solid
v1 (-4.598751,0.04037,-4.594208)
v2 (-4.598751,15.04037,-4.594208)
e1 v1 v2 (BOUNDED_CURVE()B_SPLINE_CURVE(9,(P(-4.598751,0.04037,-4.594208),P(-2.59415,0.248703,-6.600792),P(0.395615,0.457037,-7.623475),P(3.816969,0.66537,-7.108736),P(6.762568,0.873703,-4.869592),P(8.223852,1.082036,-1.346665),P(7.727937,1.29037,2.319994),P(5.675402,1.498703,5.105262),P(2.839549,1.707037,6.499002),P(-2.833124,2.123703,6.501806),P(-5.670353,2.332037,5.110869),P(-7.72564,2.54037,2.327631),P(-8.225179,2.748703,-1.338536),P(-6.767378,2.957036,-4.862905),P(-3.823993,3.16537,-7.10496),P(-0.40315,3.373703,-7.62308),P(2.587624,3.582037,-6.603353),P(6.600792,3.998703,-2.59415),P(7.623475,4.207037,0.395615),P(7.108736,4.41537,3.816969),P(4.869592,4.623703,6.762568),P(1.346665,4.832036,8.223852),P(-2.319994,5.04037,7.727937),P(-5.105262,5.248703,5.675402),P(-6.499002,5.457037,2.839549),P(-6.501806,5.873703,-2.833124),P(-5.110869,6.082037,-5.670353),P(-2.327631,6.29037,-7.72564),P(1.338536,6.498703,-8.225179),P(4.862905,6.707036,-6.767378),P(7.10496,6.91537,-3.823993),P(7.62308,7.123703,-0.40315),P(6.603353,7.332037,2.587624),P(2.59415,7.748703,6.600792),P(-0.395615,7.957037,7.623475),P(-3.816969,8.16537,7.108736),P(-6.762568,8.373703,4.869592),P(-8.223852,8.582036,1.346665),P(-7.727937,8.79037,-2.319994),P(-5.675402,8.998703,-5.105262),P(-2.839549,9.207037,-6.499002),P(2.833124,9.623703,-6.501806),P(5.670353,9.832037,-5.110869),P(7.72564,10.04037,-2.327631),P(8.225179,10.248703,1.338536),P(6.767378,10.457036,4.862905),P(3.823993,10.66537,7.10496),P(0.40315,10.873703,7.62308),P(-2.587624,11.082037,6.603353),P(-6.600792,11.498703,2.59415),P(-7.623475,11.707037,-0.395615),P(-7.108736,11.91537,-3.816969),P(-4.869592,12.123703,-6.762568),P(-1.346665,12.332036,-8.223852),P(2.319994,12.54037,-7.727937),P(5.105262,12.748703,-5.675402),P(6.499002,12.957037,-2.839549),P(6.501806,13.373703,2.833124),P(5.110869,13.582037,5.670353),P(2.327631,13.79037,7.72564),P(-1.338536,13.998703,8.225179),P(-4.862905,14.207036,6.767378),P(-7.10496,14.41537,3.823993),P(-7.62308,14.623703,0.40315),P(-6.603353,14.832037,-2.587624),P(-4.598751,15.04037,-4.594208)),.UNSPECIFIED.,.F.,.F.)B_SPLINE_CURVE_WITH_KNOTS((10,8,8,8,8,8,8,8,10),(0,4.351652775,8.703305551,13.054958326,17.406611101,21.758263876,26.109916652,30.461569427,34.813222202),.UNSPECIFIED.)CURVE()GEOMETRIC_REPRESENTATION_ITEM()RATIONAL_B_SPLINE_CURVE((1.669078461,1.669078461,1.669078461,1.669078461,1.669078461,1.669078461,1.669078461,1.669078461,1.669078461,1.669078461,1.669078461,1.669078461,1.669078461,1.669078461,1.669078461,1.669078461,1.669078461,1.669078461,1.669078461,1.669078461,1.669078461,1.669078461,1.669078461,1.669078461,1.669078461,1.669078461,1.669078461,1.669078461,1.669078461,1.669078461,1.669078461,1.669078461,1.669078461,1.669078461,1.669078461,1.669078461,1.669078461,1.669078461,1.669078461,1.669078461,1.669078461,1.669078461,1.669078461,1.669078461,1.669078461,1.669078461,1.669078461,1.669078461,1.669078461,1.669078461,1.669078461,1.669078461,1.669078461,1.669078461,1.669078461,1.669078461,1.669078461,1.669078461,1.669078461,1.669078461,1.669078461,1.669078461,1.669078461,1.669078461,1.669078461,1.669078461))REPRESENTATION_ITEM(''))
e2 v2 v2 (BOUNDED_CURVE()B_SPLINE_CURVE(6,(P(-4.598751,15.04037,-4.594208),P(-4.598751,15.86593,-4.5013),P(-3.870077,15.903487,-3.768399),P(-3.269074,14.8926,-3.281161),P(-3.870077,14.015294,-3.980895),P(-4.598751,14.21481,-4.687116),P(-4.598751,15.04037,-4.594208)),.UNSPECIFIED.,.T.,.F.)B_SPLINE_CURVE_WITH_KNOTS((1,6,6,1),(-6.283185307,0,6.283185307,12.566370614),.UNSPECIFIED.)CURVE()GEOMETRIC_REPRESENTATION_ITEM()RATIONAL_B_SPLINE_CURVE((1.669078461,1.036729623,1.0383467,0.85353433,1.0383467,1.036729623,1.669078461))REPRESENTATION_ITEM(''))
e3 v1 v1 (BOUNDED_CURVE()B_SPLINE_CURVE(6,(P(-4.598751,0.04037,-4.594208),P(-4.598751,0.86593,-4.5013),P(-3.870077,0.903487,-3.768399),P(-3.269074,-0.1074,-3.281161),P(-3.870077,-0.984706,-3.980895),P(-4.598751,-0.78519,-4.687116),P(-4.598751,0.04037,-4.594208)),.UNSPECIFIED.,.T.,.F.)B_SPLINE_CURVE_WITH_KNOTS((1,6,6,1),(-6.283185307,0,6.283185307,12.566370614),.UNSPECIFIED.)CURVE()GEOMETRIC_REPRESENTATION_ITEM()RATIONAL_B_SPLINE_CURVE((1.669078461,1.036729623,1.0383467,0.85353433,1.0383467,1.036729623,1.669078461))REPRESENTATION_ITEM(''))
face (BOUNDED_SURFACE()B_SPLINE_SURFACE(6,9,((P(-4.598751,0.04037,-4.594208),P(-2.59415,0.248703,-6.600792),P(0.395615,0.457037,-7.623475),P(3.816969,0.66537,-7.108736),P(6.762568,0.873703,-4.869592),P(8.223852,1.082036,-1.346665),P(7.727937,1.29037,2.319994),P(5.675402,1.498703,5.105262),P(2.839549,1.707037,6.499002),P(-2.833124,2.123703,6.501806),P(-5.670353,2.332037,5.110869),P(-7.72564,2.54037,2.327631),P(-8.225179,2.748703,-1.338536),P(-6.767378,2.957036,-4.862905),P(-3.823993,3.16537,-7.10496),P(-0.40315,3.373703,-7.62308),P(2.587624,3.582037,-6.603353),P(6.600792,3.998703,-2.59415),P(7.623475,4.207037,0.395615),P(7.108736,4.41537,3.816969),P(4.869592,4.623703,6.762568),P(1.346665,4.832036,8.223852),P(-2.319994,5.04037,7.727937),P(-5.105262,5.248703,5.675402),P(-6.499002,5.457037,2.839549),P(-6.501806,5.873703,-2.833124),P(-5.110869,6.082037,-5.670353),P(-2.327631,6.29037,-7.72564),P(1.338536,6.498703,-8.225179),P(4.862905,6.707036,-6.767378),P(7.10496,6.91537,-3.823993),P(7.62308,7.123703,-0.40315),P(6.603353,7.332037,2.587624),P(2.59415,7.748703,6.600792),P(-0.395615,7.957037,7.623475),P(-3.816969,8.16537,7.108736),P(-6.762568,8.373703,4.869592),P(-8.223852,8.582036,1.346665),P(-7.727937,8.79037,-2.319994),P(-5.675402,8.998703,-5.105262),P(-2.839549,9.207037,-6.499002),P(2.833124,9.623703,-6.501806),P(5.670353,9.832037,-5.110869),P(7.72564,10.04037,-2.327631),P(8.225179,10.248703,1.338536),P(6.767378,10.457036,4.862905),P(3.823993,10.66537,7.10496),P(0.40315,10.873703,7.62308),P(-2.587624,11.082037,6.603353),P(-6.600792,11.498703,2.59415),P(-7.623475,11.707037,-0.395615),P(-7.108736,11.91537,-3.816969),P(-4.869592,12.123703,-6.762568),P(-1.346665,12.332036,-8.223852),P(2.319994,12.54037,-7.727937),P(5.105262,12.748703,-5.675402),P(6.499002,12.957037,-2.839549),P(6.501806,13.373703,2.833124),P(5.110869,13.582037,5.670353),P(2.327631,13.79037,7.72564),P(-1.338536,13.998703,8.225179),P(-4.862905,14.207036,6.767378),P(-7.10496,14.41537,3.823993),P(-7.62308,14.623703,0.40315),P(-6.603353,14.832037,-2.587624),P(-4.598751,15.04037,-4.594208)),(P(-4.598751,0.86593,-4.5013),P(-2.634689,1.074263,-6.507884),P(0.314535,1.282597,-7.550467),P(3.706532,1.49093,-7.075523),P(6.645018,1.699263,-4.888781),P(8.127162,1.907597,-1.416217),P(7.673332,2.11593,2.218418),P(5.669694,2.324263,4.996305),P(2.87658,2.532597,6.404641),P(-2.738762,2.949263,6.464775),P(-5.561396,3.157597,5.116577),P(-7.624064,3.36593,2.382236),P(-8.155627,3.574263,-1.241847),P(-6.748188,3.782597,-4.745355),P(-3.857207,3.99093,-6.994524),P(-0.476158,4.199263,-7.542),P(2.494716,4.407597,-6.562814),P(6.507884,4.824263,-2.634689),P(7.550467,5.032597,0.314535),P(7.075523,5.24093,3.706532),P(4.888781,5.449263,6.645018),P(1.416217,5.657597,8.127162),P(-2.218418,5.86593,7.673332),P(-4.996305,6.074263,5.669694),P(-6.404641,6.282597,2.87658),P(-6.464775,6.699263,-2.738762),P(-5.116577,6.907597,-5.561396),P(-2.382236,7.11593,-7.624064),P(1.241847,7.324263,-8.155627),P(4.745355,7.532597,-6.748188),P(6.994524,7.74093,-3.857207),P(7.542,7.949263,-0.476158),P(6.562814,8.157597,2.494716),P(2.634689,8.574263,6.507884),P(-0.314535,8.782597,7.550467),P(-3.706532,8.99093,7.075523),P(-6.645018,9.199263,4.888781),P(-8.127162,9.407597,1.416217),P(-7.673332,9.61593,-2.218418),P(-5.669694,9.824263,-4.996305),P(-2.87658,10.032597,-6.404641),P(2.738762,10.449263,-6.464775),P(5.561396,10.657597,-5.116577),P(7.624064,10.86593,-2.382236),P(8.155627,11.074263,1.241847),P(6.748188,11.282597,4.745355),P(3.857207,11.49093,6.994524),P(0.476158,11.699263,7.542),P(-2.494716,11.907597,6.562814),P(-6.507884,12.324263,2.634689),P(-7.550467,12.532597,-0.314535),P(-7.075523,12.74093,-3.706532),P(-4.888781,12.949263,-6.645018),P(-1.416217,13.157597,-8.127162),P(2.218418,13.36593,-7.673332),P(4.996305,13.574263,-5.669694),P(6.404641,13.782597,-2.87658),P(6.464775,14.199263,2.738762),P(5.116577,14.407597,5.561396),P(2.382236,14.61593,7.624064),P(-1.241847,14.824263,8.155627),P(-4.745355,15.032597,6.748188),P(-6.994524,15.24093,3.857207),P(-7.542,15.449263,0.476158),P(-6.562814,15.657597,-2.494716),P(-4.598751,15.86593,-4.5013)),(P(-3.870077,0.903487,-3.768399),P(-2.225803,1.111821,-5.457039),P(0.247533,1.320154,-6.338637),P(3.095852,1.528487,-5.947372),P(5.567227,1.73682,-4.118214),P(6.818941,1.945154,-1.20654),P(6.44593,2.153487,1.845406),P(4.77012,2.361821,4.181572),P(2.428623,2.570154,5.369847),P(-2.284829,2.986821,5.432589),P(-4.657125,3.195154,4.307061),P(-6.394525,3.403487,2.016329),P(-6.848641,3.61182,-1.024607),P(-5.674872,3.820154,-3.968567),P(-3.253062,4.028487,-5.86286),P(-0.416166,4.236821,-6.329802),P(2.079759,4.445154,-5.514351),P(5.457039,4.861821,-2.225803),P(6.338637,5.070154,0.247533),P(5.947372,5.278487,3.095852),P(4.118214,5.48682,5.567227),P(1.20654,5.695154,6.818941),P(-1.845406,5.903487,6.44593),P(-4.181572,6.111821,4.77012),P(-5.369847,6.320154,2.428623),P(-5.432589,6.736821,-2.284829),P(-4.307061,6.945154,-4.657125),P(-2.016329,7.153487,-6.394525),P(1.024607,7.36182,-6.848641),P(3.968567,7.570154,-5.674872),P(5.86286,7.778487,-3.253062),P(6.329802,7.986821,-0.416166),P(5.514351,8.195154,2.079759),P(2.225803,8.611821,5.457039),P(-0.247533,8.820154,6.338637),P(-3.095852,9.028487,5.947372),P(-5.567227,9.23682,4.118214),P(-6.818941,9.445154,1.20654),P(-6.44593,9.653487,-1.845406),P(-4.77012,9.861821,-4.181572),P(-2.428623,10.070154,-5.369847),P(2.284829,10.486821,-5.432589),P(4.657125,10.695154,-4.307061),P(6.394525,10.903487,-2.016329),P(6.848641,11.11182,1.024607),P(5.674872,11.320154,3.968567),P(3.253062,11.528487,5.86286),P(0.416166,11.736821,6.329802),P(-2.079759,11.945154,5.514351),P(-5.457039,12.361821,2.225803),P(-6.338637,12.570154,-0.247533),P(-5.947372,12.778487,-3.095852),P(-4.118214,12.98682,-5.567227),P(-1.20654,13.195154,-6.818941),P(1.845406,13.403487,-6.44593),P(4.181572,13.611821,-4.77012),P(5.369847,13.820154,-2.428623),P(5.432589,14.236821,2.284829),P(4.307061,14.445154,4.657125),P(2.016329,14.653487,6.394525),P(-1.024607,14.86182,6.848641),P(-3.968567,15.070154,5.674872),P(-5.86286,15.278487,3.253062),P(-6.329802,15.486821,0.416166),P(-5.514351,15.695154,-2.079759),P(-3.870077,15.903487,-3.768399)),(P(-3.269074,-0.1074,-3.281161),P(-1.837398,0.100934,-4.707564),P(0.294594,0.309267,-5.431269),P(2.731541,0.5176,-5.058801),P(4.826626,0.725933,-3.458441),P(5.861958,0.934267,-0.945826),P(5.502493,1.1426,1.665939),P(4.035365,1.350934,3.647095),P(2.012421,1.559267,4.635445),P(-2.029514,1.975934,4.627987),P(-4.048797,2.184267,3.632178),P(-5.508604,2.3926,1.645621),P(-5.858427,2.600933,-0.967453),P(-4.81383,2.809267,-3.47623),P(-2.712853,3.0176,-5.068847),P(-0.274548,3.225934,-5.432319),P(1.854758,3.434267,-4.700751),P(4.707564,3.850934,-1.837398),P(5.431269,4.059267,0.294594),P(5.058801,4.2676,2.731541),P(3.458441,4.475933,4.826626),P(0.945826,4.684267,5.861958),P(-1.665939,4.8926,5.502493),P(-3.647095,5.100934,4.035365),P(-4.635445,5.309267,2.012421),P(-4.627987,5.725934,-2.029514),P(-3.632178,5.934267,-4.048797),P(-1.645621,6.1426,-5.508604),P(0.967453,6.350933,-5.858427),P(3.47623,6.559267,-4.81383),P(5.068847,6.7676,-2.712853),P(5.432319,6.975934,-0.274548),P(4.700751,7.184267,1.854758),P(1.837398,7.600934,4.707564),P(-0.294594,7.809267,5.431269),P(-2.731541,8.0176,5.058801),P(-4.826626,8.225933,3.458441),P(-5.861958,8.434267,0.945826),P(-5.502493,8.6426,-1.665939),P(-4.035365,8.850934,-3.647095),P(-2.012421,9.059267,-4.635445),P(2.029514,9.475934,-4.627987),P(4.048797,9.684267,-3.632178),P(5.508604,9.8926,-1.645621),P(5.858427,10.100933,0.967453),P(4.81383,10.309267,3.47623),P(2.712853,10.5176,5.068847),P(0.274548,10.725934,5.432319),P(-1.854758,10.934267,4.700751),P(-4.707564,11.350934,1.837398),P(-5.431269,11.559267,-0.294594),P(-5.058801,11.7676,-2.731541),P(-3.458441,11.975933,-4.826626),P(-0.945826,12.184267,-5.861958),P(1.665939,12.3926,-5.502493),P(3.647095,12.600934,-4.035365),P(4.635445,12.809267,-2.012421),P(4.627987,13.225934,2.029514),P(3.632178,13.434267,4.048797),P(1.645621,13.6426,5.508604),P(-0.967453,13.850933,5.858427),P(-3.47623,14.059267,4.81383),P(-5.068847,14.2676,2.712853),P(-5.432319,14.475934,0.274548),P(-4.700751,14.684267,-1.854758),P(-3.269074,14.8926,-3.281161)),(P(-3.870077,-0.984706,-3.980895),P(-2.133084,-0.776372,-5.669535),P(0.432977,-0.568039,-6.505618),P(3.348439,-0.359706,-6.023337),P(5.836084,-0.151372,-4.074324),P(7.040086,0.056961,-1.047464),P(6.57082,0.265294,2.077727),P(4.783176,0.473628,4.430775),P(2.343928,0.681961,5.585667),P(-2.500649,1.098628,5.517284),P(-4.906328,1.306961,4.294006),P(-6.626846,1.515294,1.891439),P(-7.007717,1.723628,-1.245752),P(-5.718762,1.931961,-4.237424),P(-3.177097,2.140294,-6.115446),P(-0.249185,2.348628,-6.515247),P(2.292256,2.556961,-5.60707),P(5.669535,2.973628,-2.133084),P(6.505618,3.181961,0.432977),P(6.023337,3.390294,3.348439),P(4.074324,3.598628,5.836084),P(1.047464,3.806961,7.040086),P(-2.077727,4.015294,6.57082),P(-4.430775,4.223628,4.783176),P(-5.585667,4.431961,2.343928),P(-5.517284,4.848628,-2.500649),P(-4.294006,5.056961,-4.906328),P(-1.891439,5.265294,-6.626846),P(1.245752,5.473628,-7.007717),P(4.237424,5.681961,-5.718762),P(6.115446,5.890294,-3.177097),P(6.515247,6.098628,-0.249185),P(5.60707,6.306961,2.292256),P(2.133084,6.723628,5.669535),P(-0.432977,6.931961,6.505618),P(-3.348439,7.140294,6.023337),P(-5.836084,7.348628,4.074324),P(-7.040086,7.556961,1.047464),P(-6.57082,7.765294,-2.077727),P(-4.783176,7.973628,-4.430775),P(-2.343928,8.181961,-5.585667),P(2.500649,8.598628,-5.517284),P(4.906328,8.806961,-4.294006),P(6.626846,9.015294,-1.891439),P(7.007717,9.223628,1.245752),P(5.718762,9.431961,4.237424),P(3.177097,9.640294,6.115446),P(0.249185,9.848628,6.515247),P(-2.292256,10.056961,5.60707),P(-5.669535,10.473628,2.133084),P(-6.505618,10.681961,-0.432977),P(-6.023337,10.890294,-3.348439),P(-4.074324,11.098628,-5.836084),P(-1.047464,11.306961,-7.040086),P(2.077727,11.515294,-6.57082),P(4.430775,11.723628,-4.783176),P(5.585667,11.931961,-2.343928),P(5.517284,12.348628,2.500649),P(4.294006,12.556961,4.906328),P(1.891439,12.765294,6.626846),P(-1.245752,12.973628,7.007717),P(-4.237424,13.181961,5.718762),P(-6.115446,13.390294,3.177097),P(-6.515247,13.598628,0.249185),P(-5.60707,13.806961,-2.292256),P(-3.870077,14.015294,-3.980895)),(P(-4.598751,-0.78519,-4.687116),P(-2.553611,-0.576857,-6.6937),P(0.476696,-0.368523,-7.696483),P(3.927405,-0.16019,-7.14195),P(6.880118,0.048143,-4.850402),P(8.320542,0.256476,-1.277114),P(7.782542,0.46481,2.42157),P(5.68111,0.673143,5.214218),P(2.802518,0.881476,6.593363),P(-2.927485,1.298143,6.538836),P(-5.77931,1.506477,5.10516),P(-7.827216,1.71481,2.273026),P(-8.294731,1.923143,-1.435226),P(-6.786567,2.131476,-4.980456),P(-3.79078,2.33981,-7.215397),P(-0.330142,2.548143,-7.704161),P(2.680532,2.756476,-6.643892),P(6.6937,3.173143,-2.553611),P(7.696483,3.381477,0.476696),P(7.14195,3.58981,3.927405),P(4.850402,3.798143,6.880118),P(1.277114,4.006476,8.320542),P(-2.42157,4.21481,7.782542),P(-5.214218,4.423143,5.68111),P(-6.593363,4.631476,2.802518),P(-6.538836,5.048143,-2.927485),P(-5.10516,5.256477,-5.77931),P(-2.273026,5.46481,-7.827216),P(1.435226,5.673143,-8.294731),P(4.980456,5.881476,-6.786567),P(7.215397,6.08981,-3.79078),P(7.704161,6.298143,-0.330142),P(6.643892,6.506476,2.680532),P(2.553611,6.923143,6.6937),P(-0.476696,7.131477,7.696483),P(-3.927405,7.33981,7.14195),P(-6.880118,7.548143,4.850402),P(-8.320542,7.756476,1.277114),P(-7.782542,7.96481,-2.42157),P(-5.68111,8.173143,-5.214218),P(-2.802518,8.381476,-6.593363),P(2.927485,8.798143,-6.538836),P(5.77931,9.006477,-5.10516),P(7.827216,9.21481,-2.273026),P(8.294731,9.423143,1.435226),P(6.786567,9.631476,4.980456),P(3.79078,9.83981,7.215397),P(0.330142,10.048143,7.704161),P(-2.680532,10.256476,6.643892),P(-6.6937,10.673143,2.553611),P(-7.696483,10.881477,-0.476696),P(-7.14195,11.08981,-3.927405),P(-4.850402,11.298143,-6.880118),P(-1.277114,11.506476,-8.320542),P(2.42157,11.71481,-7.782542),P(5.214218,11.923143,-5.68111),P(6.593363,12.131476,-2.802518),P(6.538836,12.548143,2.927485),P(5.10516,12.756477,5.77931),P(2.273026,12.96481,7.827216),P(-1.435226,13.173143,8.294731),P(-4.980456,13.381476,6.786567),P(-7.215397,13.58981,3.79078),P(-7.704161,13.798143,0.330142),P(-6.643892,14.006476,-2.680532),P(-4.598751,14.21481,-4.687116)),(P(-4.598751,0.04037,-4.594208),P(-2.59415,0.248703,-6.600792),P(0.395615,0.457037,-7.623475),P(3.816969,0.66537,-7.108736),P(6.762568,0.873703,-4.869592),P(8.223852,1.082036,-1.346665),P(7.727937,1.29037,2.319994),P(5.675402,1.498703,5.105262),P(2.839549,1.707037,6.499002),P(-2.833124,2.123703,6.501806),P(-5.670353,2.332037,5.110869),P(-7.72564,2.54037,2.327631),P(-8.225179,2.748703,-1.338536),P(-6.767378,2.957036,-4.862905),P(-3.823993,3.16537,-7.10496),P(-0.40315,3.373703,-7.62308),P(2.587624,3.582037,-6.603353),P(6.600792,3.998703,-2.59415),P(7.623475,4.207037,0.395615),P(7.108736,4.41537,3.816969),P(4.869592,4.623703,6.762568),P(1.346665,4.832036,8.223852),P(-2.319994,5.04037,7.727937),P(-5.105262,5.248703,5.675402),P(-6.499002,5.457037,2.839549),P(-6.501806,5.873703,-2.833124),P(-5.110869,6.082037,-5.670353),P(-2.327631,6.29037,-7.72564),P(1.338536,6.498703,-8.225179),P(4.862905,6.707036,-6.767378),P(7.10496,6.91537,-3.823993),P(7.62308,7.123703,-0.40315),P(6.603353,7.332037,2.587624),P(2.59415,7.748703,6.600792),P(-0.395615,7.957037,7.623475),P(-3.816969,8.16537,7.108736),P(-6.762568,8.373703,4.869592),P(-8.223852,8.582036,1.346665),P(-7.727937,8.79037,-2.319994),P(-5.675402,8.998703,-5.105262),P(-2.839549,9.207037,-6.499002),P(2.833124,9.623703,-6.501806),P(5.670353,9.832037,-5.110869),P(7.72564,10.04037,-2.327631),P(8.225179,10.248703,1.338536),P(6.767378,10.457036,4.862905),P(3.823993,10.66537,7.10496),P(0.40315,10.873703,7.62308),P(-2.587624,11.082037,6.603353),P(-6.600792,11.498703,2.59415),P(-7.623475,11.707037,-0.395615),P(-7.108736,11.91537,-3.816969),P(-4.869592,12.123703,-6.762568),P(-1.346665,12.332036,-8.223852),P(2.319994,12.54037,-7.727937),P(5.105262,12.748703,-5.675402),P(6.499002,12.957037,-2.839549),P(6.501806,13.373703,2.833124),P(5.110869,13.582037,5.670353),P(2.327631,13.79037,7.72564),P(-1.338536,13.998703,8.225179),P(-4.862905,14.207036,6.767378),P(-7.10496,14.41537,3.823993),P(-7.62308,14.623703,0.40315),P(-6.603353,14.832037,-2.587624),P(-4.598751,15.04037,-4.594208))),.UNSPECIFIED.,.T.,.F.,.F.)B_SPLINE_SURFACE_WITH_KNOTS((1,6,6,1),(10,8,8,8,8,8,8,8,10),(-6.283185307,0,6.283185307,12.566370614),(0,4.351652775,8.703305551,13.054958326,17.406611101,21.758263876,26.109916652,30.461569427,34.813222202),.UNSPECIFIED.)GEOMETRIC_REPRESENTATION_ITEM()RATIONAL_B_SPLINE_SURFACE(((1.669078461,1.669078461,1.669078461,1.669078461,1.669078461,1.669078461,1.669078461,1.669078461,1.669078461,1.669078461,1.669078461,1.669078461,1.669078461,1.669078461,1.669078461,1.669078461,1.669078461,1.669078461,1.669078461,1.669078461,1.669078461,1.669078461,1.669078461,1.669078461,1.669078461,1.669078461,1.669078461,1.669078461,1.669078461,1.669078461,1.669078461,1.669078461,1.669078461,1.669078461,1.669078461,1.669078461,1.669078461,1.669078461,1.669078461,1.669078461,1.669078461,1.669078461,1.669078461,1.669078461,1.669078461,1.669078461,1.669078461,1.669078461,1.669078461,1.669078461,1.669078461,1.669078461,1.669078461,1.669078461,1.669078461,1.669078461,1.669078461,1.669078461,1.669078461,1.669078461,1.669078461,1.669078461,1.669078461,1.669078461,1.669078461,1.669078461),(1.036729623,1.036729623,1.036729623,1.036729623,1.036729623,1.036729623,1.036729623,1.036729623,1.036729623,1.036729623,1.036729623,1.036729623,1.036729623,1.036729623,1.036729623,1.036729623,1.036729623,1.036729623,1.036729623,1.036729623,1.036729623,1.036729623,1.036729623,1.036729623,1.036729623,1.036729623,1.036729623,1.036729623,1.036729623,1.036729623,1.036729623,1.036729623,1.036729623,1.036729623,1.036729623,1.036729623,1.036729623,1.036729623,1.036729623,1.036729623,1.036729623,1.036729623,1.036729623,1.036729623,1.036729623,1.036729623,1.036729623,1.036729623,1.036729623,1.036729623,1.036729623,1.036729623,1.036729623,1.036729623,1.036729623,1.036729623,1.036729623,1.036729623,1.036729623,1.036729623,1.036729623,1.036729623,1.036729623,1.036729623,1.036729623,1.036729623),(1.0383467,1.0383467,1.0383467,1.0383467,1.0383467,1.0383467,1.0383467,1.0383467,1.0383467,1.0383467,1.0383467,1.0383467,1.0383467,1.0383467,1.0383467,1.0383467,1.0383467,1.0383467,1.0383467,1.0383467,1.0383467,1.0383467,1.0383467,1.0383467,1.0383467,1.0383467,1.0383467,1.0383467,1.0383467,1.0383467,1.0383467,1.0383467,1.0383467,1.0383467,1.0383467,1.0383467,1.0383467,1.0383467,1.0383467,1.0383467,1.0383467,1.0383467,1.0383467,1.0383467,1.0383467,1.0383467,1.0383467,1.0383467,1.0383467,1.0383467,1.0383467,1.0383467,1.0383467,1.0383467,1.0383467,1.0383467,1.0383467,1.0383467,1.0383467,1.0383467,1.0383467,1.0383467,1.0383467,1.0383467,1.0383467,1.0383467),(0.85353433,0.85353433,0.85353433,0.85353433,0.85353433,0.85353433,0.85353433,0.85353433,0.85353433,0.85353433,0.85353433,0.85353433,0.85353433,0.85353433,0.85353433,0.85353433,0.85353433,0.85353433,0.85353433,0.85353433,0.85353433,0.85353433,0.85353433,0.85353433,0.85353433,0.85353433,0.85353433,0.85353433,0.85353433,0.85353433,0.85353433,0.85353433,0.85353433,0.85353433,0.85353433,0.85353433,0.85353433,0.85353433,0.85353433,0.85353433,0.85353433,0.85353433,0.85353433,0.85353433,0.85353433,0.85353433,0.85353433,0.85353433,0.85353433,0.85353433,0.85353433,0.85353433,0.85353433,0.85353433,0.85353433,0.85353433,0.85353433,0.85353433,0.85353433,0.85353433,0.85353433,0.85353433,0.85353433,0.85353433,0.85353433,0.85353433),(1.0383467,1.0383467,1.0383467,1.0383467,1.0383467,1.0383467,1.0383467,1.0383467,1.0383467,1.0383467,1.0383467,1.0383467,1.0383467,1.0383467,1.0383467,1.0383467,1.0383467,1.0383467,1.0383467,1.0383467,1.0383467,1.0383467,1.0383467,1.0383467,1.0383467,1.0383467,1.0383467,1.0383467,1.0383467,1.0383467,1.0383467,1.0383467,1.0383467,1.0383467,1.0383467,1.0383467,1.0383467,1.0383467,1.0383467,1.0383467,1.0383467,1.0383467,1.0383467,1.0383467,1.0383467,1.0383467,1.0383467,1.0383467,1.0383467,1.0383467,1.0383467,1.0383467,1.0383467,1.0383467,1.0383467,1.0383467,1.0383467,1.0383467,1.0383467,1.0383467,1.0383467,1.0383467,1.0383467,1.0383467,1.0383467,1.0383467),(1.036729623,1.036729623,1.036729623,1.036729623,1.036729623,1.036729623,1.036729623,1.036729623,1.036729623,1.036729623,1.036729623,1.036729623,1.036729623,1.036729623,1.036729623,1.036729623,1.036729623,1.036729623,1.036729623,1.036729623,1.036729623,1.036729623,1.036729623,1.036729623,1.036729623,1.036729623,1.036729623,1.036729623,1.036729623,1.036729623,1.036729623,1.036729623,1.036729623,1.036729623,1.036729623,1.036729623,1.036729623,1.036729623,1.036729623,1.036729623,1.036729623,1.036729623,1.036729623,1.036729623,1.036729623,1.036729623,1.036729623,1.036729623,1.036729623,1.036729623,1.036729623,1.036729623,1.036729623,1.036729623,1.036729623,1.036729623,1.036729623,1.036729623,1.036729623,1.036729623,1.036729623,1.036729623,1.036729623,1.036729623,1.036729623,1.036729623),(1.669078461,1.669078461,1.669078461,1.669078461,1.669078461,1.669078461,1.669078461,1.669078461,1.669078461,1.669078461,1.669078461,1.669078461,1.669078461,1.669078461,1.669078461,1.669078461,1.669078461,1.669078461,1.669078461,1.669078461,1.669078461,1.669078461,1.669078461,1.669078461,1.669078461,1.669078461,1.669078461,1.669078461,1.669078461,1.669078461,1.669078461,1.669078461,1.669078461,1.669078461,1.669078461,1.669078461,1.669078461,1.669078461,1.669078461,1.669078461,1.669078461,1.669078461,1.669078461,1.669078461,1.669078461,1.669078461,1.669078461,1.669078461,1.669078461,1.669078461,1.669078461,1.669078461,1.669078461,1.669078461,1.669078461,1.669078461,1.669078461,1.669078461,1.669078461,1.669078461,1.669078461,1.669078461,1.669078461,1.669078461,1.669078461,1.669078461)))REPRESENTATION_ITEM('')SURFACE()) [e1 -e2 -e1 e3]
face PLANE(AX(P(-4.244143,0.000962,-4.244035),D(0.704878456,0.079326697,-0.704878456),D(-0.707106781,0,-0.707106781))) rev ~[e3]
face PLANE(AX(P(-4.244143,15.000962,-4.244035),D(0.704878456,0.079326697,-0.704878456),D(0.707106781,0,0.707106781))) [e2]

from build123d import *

# Parameters (mm, degrees)
SWEEP2_PITCH       = 3
SWEEP2_HEIGHT      = 15
SWEEP2_RADIUS      = 6
SWEEP2_START_ANGLE = -135
SKETCH4_R          = 0.5


with BuildPart() as part:
    # Sweep2: sweep along a helix
    with BuildLine() as sweep2_path:
        add(Helix(SWEEP2_PITCH, SWEEP2_HEIGHT, SWEEP2_RADIUS, center=(0, 0, 0), direction=(0, 1, 0), lefthand=True, mode=Mode.PRIVATE).rotate(Axis((0, 0, 0), (0, 1, 0)), SWEEP2_START_ANGLE))
    # Sketch4 → Sweep2 (sweep)
    with BuildSketch(Plane(origin=(-4.242640687, 0, -4.242640687), x_dir=(-0.709328106, 0.078829077, -0.700456718), z_dir=(0.704878456, 0.079326697, -0.704878456))):
        with Locations((0.002039346, 0.000799599)):
            Circle(SKETCH4_R)
    sweep(path=sweep2_path.line, is_frenet=True)


solid = part.part
